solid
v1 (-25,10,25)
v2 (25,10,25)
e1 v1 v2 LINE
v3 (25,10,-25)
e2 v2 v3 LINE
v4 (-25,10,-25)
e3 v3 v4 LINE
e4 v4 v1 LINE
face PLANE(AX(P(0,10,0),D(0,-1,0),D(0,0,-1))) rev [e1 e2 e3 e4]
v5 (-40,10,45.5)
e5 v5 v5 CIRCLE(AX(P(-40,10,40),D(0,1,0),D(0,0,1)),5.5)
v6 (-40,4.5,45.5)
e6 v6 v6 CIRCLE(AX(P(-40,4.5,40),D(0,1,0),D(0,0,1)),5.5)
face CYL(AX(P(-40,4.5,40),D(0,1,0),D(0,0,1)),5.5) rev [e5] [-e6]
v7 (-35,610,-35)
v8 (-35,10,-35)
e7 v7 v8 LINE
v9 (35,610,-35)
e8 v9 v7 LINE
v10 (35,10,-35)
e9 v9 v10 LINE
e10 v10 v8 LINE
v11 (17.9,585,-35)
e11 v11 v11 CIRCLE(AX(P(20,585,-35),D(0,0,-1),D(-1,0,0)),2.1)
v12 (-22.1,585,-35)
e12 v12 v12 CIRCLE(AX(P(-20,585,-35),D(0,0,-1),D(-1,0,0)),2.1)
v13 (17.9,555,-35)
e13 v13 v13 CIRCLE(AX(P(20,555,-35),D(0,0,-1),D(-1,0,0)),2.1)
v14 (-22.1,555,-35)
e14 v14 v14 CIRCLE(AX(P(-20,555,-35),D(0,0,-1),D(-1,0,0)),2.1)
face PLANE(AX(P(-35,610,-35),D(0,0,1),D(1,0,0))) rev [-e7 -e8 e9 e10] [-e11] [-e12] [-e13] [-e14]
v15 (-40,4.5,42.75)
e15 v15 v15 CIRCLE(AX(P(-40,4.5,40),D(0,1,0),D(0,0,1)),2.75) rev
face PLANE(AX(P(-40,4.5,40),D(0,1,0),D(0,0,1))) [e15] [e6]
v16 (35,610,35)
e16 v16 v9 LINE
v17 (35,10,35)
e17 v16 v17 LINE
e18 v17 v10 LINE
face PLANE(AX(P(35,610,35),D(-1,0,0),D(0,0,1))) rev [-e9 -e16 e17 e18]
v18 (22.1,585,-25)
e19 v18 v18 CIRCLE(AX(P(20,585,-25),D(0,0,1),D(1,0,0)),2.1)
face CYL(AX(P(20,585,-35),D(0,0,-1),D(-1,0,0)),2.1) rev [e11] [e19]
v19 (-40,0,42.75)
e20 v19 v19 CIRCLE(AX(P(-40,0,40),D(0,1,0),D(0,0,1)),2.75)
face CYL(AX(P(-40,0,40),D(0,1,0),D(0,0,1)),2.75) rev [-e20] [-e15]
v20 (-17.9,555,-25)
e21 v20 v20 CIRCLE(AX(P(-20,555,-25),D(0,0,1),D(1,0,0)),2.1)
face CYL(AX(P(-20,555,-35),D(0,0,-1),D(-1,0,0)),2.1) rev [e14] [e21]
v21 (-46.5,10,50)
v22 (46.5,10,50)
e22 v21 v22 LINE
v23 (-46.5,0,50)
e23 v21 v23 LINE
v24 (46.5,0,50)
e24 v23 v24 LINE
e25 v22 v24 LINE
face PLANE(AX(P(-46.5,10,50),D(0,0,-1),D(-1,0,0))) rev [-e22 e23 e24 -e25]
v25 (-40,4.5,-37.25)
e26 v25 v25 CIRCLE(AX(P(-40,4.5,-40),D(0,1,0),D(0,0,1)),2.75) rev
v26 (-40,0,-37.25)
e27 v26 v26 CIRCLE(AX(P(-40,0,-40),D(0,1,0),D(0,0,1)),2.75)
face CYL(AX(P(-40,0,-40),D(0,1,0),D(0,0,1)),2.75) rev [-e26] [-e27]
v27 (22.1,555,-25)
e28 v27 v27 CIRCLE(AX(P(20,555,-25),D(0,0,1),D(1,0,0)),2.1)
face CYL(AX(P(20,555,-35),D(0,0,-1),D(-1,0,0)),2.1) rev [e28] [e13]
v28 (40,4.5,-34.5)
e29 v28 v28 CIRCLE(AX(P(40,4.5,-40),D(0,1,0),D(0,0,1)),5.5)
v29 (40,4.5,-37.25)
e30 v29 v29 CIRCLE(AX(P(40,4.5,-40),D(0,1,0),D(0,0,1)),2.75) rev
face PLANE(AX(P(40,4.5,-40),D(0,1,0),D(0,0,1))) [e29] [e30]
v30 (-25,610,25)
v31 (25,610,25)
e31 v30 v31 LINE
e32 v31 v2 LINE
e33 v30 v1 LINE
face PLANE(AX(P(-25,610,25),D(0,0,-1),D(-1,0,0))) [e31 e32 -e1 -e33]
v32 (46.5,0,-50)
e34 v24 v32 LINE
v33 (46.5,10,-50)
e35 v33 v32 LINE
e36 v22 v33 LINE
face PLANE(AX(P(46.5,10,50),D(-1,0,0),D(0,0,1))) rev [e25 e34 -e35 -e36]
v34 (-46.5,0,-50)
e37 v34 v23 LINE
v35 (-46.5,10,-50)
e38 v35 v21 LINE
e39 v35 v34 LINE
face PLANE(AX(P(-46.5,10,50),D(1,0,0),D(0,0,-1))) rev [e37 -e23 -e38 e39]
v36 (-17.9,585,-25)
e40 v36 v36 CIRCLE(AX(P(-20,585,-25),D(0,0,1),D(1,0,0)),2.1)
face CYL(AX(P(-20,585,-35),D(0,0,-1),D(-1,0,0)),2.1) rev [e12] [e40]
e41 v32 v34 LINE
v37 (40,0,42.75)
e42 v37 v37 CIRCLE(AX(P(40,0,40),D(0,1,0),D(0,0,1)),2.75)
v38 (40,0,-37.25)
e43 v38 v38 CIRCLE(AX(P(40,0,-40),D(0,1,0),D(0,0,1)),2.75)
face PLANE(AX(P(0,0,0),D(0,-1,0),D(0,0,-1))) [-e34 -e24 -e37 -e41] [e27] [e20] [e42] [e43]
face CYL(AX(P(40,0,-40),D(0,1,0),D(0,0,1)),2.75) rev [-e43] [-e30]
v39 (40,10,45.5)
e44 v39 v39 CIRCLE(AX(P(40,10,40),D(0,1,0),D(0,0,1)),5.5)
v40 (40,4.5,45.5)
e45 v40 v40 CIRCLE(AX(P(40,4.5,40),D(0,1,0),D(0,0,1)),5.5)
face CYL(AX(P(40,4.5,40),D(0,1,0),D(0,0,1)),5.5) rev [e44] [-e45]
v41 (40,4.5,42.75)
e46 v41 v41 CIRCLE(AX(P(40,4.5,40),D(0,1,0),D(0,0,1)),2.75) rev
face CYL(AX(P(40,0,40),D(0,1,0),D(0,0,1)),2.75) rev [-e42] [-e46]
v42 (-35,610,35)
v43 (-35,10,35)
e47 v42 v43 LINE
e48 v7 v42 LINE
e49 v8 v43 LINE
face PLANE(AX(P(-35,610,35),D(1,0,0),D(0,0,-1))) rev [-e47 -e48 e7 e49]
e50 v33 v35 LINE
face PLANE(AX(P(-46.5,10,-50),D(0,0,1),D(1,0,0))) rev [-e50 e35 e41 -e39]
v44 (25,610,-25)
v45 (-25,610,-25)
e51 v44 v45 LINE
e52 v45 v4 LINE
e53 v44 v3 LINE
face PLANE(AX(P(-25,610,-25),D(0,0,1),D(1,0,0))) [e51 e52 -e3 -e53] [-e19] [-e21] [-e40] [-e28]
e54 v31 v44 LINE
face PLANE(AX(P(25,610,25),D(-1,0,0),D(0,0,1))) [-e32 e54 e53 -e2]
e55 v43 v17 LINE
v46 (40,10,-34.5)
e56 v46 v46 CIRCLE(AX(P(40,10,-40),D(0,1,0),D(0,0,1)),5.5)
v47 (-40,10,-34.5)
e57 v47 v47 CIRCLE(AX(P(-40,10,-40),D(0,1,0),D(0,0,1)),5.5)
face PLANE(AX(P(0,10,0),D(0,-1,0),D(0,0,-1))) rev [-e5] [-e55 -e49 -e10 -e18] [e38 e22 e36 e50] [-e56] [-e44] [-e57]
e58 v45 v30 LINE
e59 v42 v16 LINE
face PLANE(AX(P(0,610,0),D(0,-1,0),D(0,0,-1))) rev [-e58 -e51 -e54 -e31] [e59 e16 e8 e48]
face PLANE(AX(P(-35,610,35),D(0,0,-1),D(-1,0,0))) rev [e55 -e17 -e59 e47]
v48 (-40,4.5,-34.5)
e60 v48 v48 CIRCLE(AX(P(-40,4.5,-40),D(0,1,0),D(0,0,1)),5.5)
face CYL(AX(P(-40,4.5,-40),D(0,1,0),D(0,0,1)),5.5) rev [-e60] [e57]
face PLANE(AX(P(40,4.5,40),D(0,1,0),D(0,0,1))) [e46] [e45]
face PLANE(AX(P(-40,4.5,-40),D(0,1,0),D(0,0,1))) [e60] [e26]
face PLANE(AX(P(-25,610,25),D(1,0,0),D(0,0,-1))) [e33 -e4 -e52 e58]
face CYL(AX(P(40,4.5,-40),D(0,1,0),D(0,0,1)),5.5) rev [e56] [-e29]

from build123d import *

# Parameters (mm, degrees)
SKETCH1_W             = 93
SKETCH1_H             = 100
BOSS_EXTRUDE1_DEPTH   = 10
SKETCH7_W             = 70
SKETCH7_H             = 70
SKETCH7_W_2           = 50
SKETCH7_H_2           = 50
BOSS_EXTRUDE4_DEPTH   = 600
M5_TAPPED_HOLE1_D     = 4.2
M5_TAPPED_HOLE1_DEPTH = 12.4
M5_TAPPED_HOLE1_TIP   = 1.2618073
SKETCH11_R            = 2.75
CUT_EXTRUDE1_DEPTH    = 11
SKETCH12_R            = 5.5
CUT_EXTRUDE2_DEPTH    = 5.5


with BuildPart() as part:
    # Sketch1 → Boss-Extrude1 (new body)
    with BuildSketch(Plane(origin=(0, 0, 0), x_dir=(1, 0, 0), z_dir=(0, 1, 0))):
        Rectangle(SKETCH1_W, SKETCH1_H)
    extrude(amount=BOSS_EXTRUDE1_DEPTH)

    # Sketch7 → Boss-Extrude4 (add)
    with BuildSketch(Plane(origin=(0, 10, 0), x_dir=(1, 0, 0), z_dir=(0, 1, 0))):
        Rectangle(SKETCH7_W, SKETCH7_H)
        Rectangle(SKETCH7_W_2, SKETCH7_H_2, mode=Mode.SUBTRACT)
    extrude(amount=BOSS_EXTRUDE4_DEPTH)

    # M5 Tapped Hole1
    with Locations(Plane(origin=(0, 0, -35), x_dir=(-1, 0, 0), z_dir=(0, 0, -1))):
        with Locations((-20, 585), (20, 585), (20, 555), (-20, 555)):
            Hole(M5_TAPPED_HOLE1_D / 2, depth=M5_TAPPED_HOLE1_DEPTH)
            with Locations((0, 0, -(M5_TAPPED_HOLE1_DEPTH + M5_TAPPED_HOLE1_TIP / 2))):  # 118° drill point
                Cone(0, M5_TAPPED_HOLE1_D / 2, M5_TAPPED_HOLE1_TIP, mode=Mode.SUBTRACT)

    # Sketch11 → Cut-Extrude1 (cut, through all)
    with BuildSketch(Plane(origin=(0, 10, 0), x_dir=(1, 0, 0), z_dir=(0, 1, 0))):
        with Locations((-40, 40)):
            Circle(SKETCH11_R)
        with Locations((-40, -40)):
            Circle(SKETCH11_R)
        with Locations((40, -40)):
            Circle(SKETCH11_R)
        with Locations((40, 40)):
            Circle(SKETCH11_R)
    extrude(amount=-CUT_EXTRUDE1_DEPTH, mode=Mode.SUBTRACT)

    # Sketch12 → Cut-Extrude2 (cut)
    with BuildSketch(Plane(origin=(0, 10, 0), x_dir=(1, 0, 0), z_dir=(0, 1, 0))):
        with Locations((-40, 40)):
            Circle(SKETCH12_R)
        with Locations((40, 40)):
            Circle(SKETCH12_R)
        with Locations((40, -40)):
            Circle(SKETCH12_R)
        with Locations((-40, -40)):
            Circle(SKETCH12_R)
    extrude(amount=-CUT_EXTRUDE2_DEPTH, mode=Mode.SUBTRACT)


solid = part.part
